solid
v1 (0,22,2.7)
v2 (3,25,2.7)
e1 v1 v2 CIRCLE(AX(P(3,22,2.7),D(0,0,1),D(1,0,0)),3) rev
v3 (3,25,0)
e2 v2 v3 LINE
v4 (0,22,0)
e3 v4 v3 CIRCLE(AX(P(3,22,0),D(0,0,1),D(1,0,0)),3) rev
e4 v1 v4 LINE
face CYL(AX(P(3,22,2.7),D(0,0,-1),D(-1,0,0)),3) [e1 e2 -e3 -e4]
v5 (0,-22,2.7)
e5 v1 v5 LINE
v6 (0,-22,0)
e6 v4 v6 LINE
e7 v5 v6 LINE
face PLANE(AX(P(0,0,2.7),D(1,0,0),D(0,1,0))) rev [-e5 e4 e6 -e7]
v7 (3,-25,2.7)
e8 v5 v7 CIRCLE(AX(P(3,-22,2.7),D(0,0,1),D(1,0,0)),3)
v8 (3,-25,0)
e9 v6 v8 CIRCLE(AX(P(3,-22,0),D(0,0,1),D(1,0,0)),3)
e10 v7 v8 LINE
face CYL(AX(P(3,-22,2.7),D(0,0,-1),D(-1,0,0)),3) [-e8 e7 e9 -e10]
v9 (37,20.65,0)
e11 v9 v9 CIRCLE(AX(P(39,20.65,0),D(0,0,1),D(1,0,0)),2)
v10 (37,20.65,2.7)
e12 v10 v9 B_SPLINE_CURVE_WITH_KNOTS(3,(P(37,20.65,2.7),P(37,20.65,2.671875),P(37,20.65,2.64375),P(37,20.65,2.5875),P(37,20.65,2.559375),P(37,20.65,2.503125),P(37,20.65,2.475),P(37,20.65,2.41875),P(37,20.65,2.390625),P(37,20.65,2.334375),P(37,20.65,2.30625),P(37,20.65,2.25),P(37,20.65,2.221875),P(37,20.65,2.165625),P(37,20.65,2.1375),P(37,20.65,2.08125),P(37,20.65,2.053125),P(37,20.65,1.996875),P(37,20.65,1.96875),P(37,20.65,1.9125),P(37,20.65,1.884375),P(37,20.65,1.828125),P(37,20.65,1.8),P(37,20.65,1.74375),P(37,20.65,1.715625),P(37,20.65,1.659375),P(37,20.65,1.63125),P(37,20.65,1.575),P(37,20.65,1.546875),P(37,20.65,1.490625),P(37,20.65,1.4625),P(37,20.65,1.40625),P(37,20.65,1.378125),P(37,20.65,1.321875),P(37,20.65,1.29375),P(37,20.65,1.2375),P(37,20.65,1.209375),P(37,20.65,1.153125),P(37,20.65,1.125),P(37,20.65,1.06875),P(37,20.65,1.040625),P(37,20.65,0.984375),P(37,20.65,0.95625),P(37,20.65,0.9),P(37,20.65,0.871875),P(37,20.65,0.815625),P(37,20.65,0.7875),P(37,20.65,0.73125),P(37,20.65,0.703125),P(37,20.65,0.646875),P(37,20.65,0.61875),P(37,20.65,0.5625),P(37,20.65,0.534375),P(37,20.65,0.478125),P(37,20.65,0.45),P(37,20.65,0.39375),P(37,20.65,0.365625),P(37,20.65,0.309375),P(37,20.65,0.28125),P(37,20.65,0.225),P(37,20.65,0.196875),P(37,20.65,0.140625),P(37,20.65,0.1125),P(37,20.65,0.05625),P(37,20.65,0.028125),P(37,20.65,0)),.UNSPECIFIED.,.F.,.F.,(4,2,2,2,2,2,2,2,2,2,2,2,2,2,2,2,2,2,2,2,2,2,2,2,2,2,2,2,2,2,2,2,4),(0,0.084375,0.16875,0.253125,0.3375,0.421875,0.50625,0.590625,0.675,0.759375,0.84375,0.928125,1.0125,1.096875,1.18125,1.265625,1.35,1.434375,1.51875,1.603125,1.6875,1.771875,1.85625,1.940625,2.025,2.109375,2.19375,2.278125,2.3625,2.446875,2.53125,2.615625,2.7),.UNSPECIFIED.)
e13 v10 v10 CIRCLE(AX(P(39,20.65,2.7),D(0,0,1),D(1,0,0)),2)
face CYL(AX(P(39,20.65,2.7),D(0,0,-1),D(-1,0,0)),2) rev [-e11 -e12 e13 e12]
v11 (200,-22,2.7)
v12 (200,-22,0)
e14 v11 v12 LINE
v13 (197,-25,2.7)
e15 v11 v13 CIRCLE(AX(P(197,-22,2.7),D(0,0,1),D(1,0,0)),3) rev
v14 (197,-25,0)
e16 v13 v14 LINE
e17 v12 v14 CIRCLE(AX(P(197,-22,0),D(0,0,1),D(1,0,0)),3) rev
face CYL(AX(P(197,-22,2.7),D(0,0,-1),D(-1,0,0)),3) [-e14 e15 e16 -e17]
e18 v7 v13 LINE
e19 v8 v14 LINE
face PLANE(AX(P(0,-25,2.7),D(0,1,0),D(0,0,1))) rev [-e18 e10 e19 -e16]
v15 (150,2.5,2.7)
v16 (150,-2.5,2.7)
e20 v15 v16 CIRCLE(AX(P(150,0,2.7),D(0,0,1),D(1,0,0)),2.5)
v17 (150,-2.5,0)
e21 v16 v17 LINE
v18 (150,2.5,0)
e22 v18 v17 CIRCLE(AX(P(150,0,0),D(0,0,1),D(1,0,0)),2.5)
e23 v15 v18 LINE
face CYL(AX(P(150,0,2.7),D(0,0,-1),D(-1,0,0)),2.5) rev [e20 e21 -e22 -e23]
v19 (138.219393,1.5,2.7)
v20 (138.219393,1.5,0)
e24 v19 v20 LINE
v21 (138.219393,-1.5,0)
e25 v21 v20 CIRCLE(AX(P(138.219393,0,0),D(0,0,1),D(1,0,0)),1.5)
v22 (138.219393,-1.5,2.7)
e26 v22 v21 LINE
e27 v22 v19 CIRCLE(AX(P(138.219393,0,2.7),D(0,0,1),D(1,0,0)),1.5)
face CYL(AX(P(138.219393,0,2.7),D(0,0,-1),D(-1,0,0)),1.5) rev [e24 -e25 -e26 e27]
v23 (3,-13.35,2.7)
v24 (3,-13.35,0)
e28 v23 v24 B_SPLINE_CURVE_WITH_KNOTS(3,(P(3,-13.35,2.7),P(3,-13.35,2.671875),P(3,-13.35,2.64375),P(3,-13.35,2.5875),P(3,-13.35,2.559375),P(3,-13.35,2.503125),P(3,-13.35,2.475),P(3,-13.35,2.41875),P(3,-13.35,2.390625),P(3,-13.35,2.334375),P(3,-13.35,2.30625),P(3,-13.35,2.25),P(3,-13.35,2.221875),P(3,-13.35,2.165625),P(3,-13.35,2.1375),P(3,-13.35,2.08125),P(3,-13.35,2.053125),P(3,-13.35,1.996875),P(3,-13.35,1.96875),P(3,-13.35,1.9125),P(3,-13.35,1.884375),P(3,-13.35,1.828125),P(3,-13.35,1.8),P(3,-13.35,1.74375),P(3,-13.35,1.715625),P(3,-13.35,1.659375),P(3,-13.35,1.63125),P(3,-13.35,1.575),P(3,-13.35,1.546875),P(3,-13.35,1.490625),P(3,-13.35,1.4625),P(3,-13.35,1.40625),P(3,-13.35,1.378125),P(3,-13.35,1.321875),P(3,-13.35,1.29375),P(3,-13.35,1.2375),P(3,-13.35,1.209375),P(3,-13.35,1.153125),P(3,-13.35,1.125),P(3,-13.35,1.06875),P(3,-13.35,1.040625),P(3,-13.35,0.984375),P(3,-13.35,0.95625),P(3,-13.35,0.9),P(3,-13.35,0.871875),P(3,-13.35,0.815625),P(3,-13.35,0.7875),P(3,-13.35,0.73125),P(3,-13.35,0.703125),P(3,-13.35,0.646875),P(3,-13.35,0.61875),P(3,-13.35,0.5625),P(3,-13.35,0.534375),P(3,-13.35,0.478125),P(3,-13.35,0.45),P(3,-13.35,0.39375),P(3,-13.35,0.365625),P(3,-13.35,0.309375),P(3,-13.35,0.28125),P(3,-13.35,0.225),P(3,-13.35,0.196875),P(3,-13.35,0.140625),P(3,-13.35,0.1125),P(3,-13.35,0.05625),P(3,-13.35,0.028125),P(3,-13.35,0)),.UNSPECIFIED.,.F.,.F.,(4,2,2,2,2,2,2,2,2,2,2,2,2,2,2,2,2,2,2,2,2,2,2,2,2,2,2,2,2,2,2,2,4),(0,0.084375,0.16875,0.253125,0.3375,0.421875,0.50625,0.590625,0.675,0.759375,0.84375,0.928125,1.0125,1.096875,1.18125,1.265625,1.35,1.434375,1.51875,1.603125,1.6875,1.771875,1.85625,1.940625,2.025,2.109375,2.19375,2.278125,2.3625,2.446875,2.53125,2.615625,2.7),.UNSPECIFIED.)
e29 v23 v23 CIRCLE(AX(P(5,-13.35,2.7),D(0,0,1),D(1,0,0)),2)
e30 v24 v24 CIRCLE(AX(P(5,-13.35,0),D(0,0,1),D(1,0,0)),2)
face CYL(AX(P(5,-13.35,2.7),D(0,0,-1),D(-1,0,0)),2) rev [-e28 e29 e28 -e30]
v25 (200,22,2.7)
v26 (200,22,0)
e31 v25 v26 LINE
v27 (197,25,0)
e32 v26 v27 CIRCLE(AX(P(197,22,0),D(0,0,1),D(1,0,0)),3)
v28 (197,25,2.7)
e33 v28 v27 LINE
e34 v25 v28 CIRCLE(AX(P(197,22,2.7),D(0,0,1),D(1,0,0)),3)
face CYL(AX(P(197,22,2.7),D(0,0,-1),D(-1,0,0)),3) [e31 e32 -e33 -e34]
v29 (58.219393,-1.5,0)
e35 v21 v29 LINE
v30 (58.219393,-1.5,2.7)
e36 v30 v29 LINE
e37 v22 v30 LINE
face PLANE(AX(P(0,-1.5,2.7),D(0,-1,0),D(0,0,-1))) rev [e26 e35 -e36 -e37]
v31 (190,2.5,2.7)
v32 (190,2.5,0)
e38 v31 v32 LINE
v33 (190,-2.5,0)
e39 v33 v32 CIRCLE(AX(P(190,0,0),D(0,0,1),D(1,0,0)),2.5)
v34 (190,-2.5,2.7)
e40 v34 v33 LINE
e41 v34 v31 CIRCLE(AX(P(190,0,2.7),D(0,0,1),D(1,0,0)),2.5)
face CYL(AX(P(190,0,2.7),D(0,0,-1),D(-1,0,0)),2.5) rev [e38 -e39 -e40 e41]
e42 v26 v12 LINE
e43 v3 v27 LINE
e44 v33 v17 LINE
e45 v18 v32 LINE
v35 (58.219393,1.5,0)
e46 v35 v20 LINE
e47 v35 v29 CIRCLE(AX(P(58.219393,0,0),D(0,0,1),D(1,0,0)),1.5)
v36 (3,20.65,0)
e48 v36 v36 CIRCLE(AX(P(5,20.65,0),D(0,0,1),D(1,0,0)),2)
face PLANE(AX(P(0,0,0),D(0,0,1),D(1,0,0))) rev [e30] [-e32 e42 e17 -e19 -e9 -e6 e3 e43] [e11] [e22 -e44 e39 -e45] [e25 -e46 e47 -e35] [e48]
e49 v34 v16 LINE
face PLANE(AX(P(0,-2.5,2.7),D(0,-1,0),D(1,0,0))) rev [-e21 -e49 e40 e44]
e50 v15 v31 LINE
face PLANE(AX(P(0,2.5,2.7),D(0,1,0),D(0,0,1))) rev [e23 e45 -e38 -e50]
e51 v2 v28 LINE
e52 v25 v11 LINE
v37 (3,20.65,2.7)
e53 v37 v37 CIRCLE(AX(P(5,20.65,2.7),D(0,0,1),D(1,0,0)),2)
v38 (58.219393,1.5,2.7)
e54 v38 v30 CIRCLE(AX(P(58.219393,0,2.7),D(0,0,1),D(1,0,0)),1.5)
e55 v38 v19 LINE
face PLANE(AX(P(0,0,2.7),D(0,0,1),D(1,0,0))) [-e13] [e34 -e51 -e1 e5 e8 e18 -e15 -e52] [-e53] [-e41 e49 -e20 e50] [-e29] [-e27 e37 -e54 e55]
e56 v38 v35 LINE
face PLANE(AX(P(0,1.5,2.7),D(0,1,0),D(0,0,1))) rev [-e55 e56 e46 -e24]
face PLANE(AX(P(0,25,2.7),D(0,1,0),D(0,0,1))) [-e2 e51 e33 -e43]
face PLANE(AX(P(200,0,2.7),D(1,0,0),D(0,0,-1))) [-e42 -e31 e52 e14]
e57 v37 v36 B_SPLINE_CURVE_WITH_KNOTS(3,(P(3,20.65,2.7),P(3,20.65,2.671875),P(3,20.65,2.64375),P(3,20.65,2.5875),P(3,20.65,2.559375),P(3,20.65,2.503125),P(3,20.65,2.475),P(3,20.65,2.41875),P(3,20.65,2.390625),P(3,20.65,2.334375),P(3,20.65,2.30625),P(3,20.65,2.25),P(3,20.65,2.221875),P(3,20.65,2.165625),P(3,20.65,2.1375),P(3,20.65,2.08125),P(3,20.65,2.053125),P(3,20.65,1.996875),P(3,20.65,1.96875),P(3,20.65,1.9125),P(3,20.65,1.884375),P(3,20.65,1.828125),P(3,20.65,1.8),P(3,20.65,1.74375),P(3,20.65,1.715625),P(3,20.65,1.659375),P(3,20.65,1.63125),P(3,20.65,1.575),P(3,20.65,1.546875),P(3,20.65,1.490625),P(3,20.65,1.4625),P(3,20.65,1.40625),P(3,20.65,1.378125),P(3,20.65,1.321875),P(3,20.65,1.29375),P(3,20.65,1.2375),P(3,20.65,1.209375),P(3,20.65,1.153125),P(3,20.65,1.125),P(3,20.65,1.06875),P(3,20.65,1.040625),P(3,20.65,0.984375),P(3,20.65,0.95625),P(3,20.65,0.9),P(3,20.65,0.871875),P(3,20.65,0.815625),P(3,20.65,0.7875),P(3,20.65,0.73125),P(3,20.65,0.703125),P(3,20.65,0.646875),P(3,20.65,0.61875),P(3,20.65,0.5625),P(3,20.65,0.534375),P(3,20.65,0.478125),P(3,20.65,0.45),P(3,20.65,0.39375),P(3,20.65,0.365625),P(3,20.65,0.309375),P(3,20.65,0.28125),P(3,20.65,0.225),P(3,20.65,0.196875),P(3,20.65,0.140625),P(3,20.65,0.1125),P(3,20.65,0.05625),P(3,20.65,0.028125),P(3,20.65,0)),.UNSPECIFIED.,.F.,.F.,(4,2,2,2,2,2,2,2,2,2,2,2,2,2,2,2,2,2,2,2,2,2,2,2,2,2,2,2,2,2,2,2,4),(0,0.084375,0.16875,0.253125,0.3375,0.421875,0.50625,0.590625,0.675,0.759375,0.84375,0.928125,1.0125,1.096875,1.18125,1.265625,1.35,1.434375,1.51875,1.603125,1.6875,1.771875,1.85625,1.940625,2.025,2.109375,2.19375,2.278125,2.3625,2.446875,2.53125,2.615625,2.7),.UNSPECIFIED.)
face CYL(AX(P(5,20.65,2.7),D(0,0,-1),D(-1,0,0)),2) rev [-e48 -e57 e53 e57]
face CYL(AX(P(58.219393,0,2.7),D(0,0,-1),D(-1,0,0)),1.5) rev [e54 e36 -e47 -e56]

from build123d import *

# Parameters (mm, degrees)
SKETCH_1_R      = 2
EXTRUDE_1_DEPTH = 2.7


with BuildPart() as part:
    # 草图1 → 凸台-拉伸1 (new body)
    with BuildSketch(Plane.XY):
        with BuildLine():
            Line((0, 22), (0, -22))
            ThreePointArc((0, -22), (0.878679656, -24.121320344), (3, -25))
            Line((3, -25), (197, -25))
            ThreePointArc((197, -25), (199.121320344, -24.121320344), (200, -22))
            Line((200, -22), (200, 22))
            ThreePointArc((200, 22), (199.121320344, 24.121320344), (197, 25))
            Line((197, 25), (3, 25))
            ThreePointArc((3, 25), (0.878679656, 24.121320344), (0, 22))
        make_face()
        with Locations(Location((5, 20.65, 0), (0, 0, 180))):
            Circle(SKETCH_1_R, mode=Mode.SUBTRACT)
        with Locations(Location((39, 20.65, 0), (0, 0, 180))):
            Circle(SKETCH_1_R, mode=Mode.SUBTRACT)
        with Locations(Location((5, -13.35, 0), (0, 0, 180))):
            Circle(SKETCH_1_R, mode=Mode.SUBTRACT)
        with BuildLine():
            Line((150, 2.5), (190, 2.5))
            ThreePointArc((190, 2.5), (192.5, 0), (190, -2.5))
            Line((190, -2.5), (150, -2.5))
            ThreePointArc((150, -2.5), (147.5, 0), (150, 2.5))
        make_face(mode=Mode.SUBTRACT)
        with BuildLine():
            Line((58.219392868, 1.5), (138.219392868, 1.5))
            ThreePointArc((138.219392868, 1.5), (139.719392868, 0), (138.219392868, -1.5))
            Line((138.219392868, -1.5), (58.219392868, -1.5))
            ThreePointArc((58.219392868, -1.5), (56.719392868, 0), (58.219392868, 1.5))
        make_face(mode=Mode.SUBTRACT)
    extrude(amount=EXTRUDE_1_DEPTH)


solid = part.part
